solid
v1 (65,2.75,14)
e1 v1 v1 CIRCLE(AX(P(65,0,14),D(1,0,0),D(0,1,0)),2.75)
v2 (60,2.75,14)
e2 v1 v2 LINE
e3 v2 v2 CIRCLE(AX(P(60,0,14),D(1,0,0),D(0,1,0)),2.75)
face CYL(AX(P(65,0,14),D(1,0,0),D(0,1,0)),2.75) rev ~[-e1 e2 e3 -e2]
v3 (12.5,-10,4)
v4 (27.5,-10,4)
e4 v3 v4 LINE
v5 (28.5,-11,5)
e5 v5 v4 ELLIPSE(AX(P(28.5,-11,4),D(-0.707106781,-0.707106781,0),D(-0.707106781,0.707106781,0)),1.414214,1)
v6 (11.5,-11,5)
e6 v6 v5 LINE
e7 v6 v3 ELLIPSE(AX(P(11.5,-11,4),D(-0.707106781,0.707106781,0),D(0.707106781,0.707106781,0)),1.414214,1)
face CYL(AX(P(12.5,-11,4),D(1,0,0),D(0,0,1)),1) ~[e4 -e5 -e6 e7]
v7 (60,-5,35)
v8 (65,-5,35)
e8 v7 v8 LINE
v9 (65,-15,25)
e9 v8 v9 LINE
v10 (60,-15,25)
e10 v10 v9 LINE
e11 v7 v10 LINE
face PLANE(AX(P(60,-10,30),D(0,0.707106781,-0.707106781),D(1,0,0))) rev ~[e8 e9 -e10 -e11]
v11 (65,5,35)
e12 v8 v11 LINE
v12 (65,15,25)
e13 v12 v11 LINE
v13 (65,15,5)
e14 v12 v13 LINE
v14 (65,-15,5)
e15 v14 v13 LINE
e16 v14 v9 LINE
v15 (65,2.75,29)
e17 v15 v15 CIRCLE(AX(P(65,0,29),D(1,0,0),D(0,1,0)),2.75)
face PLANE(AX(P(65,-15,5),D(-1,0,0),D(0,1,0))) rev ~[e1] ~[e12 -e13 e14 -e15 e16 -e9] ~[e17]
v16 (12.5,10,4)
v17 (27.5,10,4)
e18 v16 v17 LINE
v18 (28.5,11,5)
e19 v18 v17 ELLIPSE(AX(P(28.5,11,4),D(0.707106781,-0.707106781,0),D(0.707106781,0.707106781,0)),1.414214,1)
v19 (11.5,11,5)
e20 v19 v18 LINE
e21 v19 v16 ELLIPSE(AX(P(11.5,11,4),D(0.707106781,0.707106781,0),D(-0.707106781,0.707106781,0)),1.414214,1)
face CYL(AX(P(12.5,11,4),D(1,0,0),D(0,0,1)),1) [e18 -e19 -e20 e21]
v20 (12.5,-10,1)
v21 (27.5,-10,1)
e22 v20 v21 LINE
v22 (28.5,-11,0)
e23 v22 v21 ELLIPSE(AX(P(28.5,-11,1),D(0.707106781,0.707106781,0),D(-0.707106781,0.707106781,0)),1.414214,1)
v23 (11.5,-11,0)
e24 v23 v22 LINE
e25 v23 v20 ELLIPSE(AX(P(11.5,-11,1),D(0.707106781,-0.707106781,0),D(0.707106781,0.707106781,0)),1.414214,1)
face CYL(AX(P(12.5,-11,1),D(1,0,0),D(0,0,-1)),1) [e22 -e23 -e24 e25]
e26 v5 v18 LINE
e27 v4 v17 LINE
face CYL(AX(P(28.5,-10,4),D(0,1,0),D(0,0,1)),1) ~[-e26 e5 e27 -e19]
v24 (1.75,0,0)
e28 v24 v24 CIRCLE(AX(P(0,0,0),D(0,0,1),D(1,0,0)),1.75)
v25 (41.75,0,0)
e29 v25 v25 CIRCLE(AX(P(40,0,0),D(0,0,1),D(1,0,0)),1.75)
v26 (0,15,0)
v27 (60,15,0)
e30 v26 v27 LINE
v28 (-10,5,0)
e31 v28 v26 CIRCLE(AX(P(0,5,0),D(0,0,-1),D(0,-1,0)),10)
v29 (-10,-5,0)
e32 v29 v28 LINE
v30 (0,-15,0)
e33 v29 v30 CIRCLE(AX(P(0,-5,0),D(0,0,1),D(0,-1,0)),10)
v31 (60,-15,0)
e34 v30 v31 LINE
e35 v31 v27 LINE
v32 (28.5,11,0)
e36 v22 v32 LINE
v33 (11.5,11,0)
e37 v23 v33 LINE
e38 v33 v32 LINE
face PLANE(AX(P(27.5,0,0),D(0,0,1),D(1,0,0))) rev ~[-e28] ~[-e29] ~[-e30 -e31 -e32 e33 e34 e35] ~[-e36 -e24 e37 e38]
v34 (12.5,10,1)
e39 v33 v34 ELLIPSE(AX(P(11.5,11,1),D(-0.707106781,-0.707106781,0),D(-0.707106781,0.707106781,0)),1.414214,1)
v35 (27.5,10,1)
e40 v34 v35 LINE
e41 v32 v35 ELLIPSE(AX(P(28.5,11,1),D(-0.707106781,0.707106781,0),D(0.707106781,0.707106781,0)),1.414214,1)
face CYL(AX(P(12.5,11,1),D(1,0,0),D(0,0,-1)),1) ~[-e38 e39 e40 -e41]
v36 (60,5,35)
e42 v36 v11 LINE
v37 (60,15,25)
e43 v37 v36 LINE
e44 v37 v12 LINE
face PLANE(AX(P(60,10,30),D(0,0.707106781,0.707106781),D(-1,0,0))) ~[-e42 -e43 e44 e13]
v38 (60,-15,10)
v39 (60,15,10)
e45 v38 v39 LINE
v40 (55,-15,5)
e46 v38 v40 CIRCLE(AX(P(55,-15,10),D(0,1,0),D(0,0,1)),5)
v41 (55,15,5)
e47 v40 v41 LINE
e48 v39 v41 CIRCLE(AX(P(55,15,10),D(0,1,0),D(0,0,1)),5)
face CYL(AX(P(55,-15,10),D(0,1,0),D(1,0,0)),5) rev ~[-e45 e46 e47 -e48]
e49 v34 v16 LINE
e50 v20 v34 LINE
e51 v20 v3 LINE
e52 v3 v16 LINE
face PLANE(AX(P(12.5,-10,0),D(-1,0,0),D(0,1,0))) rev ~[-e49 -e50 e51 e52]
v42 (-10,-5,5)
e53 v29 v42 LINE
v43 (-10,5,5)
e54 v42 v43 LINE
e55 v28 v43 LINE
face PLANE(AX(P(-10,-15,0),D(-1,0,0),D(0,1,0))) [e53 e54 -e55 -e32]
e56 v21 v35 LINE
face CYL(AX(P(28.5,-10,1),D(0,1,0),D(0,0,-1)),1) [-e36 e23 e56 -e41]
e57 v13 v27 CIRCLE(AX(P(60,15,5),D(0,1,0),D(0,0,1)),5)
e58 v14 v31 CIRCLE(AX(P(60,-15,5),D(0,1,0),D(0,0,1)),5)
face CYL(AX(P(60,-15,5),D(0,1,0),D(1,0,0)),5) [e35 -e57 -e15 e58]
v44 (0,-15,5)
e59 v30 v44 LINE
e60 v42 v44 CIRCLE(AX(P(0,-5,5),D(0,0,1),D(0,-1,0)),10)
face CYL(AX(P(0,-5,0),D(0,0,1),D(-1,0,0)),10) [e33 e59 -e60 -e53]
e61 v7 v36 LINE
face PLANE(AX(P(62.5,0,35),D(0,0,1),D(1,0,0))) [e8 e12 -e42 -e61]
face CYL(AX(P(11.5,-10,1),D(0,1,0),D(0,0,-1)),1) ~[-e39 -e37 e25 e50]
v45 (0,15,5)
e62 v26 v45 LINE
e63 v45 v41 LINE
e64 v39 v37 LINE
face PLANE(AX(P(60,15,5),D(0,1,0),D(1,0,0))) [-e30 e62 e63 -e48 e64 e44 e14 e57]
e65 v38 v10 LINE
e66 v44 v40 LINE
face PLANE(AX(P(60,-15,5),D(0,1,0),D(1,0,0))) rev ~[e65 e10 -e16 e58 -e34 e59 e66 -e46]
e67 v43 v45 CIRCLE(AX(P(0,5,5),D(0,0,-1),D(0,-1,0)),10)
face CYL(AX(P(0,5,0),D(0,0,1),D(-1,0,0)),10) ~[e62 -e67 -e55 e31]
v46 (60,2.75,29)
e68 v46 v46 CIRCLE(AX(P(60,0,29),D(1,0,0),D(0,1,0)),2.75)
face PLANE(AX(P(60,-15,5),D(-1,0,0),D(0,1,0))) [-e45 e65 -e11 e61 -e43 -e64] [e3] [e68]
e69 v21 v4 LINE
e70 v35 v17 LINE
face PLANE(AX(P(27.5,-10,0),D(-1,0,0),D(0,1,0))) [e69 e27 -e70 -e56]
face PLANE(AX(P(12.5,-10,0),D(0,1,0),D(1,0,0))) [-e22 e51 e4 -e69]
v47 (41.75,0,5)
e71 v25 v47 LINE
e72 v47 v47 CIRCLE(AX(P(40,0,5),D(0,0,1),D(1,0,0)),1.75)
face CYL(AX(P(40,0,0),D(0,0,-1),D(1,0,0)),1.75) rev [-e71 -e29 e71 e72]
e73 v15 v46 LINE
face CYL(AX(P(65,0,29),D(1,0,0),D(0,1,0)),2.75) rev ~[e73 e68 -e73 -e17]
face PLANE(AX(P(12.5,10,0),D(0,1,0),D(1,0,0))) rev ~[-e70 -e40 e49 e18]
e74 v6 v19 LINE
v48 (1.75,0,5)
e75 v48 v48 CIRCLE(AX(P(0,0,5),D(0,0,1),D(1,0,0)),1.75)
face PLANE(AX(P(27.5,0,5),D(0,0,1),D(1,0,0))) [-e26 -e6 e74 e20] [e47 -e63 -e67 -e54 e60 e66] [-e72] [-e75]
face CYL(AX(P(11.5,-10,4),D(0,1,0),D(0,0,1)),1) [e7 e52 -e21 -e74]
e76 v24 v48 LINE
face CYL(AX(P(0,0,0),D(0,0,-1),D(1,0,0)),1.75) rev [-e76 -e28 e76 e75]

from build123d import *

# Parameters (mm, degrees)
SKETCH_W     = 75
SKETCH_H     = 30
SKETCH_R     = 1.75
SKETCH_W_2   = 15
SKETCH_H_2   = 20
PAD_DEPTH    = 5
FILLET_R     = 10
FILLET001_R  = 1
SKETCH001_W  = 5
SKETCH001_H  = 30
PAD001_DEPTH = 30
FILLET002_R  = 5
FILLET003_R  = 5
SKETCH002_R  = 2.75
POCKET_DEPTH = 75.001
CHAMFER_SIZE = 10


with BuildPart() as part:
    # Sketch → Pad (new body)
    with BuildSketch(Plane.XY):
        with Locations((27.5, 0)):
            Rectangle(SKETCH_W, SKETCH_H)
        Circle(SKETCH_R, mode=Mode.SUBTRACT)
        with Locations((40, 0)):
            Circle(SKETCH_R, mode=Mode.SUBTRACT)
        with Locations((20, 0)):
            Rectangle(SKETCH_W_2, SKETCH_H_2, mode=Mode.SUBTRACT)
    extrude(amount=PAD_DEPTH)

    # Fillet
    fillet_edges = [part.edges().sort_by_distance(p)[0] for p in [
        (-10, 15, 2.5),
        (-10, -15, 2.5),
    ]]
    fillet(fillet_edges, radius=FILLET_R)

    # Fillet001
    fillet001_edges = [part.edges().sort_by_distance(p)[0] for p in [
        (12.5, 0, 5),
        (12.5, 0, 0),
        (20, 10, 0),
        (20, 10, 5),
        (27.5, 0, 5),
        (20, -10, 5),
        (27.5, 0, 0),
        (20, -10, 0),
    ]]
    fillet(fillet001_edges, radius=FILLET001_R)

    # Sketch001 (on Face18 of Fillet001) → Pad001 (join)
    with BuildSketch(Plane.XY.offset(5)):
        with Locations((62.5, 0)):
            Rectangle(SKETCH001_W, SKETCH001_H)
    extrude(amount=PAD001_DEPTH)

    # Fillet002
    fillet002_edges = [part.edges().sort_by_distance(p)[0] for p in [
        (65, 0, 0),
    ]]
    fillet(fillet002_edges, radius=FILLET002_R)

    # Fillet003
    fillet003_edges = [part.edges().sort_by_distance(p)[0] for p in [
        (60, 0, 5),
    ]]
    fillet(fillet003_edges, radius=FILLET003_R)

    # Sketch002 (on Face9 of Fillet003) → Pocket (cut, through all)
    with BuildSketch(Plane.YZ.offset(65)):
        with Locations((0, 29)):
            Circle(SKETCH002_R)
        with Locations((0, 14)):
            Circle(SKETCH002_R)
    extrude(amount=-POCKET_DEPTH, mode=Mode.SUBTRACT)

    # Chamfer
    chamfer_edges = [part.edges().sort_by_distance(p)[0] for p in [
        (62.5, -15, 35),
        (62.5, 15, 35),
    ]]
    chamfer(chamfer_edges, length=CHAMFER_SIZE)


solid = part.part
